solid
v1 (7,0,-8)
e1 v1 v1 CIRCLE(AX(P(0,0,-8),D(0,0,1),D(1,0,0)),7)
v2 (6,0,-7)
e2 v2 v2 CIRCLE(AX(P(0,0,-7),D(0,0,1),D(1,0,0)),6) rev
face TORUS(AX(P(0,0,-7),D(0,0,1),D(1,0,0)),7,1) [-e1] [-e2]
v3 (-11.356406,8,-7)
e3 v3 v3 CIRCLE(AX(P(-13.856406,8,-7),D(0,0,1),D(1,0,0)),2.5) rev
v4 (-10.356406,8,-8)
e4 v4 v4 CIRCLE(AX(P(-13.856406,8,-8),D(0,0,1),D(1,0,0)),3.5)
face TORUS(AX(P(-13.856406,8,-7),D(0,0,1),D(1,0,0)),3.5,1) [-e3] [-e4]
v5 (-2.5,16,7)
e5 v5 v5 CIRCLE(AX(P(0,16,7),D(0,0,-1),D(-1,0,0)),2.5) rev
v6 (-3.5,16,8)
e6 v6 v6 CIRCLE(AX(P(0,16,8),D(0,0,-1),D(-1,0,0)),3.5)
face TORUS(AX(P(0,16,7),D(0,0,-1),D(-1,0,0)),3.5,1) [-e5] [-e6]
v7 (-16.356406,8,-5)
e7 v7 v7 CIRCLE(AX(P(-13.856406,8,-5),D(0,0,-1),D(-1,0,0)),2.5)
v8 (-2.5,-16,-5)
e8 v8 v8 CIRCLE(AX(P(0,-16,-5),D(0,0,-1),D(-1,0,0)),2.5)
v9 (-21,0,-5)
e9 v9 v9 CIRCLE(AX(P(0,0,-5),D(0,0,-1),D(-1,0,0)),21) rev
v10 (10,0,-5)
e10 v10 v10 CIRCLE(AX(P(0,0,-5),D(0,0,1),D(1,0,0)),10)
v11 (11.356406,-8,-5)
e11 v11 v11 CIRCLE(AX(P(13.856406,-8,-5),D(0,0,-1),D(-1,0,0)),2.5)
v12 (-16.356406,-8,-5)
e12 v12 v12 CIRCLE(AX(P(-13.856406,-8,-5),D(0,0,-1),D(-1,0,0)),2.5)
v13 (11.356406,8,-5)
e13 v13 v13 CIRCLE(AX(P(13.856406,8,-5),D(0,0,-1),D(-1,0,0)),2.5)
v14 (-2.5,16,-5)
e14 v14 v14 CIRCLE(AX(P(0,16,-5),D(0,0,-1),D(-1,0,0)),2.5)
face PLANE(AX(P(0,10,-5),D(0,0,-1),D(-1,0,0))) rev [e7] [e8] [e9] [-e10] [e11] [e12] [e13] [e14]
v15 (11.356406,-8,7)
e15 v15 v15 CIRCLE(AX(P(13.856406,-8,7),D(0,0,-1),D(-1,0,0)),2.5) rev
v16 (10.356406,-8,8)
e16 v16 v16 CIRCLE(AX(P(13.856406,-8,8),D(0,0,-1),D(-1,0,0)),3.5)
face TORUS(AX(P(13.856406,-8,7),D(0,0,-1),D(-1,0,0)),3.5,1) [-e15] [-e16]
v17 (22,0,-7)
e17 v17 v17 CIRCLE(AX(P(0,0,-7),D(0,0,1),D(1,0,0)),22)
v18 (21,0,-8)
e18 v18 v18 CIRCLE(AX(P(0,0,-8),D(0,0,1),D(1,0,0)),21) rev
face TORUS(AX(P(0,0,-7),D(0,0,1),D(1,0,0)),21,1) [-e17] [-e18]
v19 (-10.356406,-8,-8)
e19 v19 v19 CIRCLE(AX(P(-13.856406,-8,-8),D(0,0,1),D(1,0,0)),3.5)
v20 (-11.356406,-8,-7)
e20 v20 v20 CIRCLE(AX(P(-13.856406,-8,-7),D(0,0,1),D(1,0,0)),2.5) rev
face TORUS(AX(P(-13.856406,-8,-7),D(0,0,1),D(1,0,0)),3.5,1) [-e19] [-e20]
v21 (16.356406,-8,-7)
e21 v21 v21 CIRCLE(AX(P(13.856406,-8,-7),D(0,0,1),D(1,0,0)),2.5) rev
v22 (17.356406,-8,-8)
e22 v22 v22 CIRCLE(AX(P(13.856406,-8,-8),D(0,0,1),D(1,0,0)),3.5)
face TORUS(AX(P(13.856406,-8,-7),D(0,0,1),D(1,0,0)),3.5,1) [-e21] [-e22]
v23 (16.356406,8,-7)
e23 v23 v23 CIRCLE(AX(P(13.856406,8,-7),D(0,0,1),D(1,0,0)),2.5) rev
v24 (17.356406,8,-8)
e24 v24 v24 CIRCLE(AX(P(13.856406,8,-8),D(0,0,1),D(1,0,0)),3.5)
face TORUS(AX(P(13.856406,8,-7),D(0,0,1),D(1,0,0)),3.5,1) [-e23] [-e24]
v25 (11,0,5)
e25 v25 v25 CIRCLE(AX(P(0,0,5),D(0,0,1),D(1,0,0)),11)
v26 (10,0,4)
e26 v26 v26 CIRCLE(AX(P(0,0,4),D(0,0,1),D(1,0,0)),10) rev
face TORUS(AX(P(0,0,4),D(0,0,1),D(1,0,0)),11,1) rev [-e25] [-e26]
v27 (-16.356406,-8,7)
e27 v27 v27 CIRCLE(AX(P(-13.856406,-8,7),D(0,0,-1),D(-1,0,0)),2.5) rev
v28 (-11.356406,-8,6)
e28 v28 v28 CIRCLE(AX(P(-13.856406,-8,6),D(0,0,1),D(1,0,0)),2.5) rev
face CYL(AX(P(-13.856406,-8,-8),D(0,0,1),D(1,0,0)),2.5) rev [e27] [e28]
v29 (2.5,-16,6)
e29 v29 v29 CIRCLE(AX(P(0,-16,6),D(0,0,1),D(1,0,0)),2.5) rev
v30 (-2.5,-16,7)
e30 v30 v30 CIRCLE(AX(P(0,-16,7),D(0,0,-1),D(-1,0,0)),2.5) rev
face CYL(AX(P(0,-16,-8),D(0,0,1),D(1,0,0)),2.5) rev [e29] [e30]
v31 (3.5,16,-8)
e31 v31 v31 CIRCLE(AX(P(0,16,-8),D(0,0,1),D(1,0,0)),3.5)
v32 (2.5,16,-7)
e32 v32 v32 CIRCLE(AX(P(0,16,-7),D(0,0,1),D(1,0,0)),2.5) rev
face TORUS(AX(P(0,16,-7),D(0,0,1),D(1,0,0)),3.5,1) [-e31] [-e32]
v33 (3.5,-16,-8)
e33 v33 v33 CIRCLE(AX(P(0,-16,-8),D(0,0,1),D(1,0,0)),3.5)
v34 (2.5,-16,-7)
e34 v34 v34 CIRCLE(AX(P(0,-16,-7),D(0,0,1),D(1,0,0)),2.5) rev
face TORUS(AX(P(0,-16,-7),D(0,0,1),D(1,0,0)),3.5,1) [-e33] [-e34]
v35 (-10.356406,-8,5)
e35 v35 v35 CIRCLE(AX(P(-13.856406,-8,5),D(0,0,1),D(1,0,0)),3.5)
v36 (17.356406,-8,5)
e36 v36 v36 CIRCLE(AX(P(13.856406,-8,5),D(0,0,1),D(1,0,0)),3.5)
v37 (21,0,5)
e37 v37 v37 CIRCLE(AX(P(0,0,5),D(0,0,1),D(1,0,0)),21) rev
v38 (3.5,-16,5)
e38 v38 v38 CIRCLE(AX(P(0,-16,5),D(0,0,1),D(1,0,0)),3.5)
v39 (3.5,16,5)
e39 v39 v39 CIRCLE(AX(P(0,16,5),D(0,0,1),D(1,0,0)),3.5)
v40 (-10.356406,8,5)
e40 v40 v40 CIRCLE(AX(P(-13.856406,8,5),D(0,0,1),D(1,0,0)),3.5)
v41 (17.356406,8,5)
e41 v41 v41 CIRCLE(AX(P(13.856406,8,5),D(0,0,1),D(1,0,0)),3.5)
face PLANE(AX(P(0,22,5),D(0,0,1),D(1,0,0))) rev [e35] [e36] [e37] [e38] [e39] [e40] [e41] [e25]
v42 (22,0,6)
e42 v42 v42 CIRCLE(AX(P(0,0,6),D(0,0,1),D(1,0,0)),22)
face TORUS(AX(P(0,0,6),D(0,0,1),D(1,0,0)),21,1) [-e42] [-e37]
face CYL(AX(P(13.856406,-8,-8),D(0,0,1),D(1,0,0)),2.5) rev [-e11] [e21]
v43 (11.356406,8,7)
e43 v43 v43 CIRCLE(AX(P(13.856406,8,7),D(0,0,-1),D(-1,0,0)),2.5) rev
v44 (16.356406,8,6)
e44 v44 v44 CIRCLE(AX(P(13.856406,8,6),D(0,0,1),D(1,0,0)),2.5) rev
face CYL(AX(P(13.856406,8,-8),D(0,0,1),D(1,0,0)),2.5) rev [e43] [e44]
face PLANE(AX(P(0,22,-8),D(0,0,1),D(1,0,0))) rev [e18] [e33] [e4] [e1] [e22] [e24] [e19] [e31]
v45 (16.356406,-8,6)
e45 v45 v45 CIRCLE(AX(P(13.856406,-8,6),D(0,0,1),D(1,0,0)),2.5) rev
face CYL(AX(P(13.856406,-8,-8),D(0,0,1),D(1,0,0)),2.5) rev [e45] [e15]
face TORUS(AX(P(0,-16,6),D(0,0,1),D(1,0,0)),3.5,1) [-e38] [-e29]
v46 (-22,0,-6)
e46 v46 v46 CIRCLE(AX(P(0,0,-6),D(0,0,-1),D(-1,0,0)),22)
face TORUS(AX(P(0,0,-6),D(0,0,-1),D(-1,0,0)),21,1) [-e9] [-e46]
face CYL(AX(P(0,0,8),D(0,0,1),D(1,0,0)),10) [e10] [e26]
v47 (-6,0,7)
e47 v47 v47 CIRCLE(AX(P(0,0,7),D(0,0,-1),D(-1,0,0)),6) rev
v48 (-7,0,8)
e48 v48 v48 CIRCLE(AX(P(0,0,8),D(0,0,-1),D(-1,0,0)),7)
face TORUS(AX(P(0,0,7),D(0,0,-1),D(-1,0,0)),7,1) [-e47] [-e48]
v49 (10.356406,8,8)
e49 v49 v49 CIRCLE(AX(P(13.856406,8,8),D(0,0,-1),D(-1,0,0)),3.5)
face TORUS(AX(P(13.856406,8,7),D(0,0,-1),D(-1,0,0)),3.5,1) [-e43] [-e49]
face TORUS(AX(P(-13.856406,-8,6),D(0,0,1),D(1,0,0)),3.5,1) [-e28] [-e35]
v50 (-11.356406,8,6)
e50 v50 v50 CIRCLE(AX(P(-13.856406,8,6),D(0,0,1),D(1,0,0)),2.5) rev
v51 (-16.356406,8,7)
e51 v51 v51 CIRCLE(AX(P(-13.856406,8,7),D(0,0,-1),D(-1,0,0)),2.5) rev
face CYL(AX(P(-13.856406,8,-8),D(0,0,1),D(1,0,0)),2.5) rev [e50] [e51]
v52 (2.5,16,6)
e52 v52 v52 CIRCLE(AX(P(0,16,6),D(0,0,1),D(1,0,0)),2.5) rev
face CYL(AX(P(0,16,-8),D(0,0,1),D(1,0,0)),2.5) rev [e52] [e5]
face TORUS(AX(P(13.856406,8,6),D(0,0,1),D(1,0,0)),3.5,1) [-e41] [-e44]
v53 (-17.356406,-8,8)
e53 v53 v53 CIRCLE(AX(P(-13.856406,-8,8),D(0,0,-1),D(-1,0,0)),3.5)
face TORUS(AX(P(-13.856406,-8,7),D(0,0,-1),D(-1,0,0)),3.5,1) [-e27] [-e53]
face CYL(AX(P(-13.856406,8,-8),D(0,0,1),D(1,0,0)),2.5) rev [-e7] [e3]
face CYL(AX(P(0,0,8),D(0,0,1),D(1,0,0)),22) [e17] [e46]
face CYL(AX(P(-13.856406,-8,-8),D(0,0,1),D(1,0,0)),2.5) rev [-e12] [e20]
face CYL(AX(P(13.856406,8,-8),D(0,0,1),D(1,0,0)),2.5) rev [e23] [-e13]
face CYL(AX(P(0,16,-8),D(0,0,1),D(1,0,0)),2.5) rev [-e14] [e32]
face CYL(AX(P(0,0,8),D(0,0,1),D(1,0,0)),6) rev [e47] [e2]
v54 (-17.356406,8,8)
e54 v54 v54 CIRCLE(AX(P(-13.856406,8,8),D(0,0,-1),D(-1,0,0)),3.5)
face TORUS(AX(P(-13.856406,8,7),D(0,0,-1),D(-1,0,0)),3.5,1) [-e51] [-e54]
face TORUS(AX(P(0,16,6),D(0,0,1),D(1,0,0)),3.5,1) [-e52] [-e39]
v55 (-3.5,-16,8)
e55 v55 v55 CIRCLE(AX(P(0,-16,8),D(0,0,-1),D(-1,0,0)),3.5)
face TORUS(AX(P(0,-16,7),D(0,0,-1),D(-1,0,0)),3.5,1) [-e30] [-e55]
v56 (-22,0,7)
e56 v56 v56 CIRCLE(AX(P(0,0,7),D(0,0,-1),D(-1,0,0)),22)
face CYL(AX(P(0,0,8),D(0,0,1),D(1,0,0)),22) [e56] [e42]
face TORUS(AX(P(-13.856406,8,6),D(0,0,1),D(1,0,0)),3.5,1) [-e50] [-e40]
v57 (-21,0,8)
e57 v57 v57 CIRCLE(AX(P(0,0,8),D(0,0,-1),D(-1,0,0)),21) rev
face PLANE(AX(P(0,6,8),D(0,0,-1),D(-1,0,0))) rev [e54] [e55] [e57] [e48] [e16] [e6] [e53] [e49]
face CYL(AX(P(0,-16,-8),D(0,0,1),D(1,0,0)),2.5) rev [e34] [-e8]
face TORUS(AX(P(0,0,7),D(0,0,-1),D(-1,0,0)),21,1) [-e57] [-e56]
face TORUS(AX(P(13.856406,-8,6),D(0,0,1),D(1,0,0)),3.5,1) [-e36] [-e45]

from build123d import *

# Parameters (mm, degrees)
CUT_EXTRUDE1_DEPTH      = 35.985711369
CUT_EXTRUDE1_DEPTH_BACK = 35.985711369
SKETCH2_R               = 2.5
FILLET1_R               = 1


with BuildPart() as part:
    # Sketch1 → Revolve1 (revolve)
    with BuildSketch(Plane(origin=(0, 0, 0), x_dir=(0, 0, -1), z_dir=(1, 0, 0)), mode=Mode.PRIVATE) as revolve1_sk:
        Polygon((-5, 10), (5, 10), (5, 22), (8, 22), (8, 6), (-8, 6), (-8, 22), (-5, 22), align=None)
    revolve(revolve1_sk.sketch.rotate(Axis((0, 0, 8), (0, 0, -1)), 90), axis=Axis((0, 0, 8), (0, 0, -1)))

    # Sketch2 → Cut-Extrude1 (cut, two sides: drawn at the far end of the back side and taken through both)
    with BuildSketch(Plane.XY.offset(8).offset(-CUT_EXTRUDE1_DEPTH_BACK)):
        with Locations((0, 16)):
            Circle(SKETCH2_R)
        with Locations((13.856406461, 8)):
            Circle(SKETCH2_R)
        with Locations((13.856406461, -8)):
            Circle(SKETCH2_R)
        with Locations((0, -16)):
            Circle(SKETCH2_R)
        with Locations((-13.856406461, -8)):
            Circle(SKETCH2_R)
        with Locations((-13.856406461, 8)):
            Circle(SKETCH2_R)
    extrude(amount=CUT_EXTRUDE1_DEPTH + CUT_EXTRUDE1_DEPTH_BACK, mode=Mode.SUBTRACT)

    # Fillet1
    fillet1_edges = [part.edges().sort_by_distance(p)[0] for p in [
        (-22, 0, 5),
        (-2.5, 16, 8),
        (-2.5, 16, 5),
        (-2.5, 16, -8),
        (-16.356406461, 8, 8),
        (-16.356406461, 8, 5),
        (-16.356406461, 8, -8),
        (-16.356406461, -8, 8),
        (-16.356406461, -8, 5),
        (-16.356406461, -8, -8),
        (-2.5, -16, 8),
        (-2.5, -16, 5),
        (-2.5, -16, -8),
        (11.356406461, -8, 8),
        (11.356406461, -8, 5),
        (11.356406461, -8, -8),
        (11.356406461, 8, 8),
        (11.356406461, 8, 5),
        (11.356406461, 8, -8),
        (-10, 0, 5),
        (-22, 0, -5),
        (-22, 0, -8),
        (-6, 0, -8),
        (-6, 0, 8),
        (-22, 0, 8),
    ]]
    fillet(fillet1_edges, radius=FILLET1_R)


solid = part.part
